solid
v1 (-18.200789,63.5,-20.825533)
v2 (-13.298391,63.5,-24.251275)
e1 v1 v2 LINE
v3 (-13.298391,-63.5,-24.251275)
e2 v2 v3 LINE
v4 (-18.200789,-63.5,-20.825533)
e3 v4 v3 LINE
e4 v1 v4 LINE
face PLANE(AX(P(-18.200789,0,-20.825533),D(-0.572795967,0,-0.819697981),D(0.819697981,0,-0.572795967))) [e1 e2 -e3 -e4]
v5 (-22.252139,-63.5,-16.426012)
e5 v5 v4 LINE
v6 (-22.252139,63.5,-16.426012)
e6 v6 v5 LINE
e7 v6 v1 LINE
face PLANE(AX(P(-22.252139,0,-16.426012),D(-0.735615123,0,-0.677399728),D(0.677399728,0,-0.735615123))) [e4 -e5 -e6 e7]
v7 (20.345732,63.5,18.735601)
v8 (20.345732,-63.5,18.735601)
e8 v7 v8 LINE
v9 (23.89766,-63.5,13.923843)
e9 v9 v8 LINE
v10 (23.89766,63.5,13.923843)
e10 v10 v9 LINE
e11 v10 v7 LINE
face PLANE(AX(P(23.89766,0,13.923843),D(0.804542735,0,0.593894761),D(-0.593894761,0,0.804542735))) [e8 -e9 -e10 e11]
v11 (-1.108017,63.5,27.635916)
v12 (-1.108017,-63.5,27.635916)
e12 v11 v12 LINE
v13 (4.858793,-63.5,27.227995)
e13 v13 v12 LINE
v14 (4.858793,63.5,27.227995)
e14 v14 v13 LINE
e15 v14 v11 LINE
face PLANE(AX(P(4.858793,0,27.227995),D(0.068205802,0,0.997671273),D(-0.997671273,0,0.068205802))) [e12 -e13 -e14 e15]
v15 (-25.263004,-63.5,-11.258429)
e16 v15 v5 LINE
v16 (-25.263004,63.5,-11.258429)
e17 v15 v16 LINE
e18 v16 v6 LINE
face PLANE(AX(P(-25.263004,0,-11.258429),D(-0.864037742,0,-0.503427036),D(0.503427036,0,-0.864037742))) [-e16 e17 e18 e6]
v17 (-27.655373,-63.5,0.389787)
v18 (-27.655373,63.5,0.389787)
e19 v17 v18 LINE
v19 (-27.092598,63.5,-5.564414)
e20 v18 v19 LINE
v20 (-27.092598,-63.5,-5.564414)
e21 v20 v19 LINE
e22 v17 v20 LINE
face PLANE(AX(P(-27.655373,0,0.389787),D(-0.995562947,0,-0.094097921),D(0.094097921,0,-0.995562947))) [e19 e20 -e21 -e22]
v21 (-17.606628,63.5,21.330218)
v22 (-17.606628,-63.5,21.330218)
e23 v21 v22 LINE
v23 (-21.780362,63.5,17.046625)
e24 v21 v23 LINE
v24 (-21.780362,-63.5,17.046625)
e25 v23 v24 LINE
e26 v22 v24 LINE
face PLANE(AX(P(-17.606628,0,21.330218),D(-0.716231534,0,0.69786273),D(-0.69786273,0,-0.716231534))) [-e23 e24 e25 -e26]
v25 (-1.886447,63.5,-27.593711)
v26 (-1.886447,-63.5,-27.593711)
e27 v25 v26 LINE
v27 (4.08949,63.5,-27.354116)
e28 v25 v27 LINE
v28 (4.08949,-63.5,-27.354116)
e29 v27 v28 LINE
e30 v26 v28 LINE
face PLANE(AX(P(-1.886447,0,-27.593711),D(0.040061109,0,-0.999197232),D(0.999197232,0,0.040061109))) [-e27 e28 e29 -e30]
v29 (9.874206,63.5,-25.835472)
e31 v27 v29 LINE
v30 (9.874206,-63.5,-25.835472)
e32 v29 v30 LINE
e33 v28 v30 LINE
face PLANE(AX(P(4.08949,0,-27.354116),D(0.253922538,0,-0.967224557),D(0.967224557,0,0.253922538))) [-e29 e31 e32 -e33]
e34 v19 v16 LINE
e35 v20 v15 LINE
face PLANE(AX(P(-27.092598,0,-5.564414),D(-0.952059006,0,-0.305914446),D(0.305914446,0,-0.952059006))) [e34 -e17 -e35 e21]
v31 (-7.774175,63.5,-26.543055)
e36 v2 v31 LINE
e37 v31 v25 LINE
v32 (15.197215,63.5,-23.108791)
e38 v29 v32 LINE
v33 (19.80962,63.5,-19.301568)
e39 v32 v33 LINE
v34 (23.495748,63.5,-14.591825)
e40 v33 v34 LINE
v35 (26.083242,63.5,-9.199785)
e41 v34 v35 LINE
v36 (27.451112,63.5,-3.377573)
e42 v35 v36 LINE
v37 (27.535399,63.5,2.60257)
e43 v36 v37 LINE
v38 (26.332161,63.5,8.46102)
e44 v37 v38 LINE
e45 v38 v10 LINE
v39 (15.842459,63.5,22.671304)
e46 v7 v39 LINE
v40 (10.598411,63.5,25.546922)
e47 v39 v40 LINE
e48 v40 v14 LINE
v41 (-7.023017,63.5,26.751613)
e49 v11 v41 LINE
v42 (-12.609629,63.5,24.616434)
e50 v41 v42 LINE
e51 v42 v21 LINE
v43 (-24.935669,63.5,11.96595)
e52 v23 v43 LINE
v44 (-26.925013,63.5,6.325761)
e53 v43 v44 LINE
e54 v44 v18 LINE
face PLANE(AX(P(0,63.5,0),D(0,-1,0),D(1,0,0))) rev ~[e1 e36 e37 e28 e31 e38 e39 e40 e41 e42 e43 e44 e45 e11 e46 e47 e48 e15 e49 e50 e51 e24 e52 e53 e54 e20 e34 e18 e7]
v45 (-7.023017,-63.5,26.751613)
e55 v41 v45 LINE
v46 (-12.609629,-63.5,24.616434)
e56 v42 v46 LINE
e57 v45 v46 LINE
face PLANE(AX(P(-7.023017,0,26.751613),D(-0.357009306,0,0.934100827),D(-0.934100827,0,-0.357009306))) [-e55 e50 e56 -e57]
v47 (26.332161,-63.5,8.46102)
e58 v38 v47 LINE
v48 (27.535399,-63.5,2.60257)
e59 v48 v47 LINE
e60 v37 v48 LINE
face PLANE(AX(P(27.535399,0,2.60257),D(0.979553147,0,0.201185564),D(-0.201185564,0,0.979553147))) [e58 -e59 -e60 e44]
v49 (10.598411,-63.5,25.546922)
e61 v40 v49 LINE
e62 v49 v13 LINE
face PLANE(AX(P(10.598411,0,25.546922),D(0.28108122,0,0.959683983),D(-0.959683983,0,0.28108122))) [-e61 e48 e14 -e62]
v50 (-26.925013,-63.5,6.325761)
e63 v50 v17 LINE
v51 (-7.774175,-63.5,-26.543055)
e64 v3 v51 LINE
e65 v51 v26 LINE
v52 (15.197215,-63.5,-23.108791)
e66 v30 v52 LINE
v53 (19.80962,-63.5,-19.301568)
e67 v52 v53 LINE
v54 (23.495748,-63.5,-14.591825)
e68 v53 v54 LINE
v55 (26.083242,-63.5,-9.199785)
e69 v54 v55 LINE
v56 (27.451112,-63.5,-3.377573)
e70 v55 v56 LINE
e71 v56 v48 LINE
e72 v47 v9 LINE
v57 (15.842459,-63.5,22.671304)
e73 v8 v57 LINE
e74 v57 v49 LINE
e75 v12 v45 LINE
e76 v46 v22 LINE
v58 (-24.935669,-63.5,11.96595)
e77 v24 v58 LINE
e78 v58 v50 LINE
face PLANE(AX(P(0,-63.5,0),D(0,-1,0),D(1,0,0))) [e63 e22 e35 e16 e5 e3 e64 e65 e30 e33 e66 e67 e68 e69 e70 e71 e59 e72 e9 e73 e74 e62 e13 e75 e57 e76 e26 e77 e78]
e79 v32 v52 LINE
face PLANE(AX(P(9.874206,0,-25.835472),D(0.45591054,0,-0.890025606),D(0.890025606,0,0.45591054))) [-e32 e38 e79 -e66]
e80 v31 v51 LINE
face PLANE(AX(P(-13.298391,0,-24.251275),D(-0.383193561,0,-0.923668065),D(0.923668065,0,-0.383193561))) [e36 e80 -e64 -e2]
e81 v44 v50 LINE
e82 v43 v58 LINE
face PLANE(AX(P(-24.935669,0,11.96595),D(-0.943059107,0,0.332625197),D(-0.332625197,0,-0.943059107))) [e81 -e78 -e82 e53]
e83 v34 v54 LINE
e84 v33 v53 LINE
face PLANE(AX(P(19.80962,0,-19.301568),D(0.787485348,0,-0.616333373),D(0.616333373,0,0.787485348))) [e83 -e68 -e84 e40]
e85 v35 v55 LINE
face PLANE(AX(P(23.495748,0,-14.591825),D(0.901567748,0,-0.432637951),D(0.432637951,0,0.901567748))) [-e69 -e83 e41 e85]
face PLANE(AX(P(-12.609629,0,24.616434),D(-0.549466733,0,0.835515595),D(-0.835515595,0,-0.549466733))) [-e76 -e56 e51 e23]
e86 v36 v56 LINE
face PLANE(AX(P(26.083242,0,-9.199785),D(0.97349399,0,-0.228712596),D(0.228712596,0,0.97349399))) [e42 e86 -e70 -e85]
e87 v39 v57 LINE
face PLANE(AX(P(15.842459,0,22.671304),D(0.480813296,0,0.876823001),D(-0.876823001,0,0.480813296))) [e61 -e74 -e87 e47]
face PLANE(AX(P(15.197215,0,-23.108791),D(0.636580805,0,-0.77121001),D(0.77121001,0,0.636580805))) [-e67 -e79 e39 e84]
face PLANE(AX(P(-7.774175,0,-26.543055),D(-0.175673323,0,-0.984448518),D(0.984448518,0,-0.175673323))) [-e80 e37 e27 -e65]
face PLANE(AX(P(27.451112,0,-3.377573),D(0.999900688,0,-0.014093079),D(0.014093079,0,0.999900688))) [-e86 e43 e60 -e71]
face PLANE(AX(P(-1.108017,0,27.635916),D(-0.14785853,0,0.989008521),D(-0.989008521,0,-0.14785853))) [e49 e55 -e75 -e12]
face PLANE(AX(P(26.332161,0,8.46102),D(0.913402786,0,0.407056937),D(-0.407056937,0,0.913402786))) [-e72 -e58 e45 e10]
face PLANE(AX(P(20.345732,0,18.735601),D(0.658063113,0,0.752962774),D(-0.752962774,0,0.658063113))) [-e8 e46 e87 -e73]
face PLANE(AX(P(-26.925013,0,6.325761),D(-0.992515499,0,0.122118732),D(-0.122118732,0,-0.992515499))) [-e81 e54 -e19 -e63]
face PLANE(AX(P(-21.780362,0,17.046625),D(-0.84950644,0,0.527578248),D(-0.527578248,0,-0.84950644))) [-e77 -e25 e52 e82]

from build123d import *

# Parameters (mm, degrees)
F1_DEPTH = 63.5


with BuildPart() as f1:
    # F0 (on Front) → F1 (new body, symmetric)
    with BuildSketch(Plane.XZ):
        Polygon((-25.263004, -11.258429), (-22.252139, -16.426012), (-18.200789, -20.825533), (-13.298391, -24.251275), (-7.774175, -26.543055), (-1.886447, -27.593711), (4.08949, -27.354116), (9.874206, -25.835472), (15.197215, -23.108791), (19.80962, -19.301568), (23.495748, -14.591825), (26.083242, -9.199785), (27.451112, -3.377573), (27.535399, 2.60257), (26.332161, 8.46102), (23.89766, 13.923843), (20.345732, 18.735601), (15.842459, 22.671304), (10.598411, 25.546922), (4.858793, 27.227995), (-1.108017, 27.635916), (-7.023017, 26.751613), (-12.609629, 24.616434), (-17.606628, 21.330218), (-21.780362, 17.046625), (-24.935669, 11.96595), (-26.925013, 6.325761), (-27.655373, 0.389787), (-27.092598, -5.564414), align=None)
    extrude(amount=F1_DEPTH, both=True)


solid = f1.part
